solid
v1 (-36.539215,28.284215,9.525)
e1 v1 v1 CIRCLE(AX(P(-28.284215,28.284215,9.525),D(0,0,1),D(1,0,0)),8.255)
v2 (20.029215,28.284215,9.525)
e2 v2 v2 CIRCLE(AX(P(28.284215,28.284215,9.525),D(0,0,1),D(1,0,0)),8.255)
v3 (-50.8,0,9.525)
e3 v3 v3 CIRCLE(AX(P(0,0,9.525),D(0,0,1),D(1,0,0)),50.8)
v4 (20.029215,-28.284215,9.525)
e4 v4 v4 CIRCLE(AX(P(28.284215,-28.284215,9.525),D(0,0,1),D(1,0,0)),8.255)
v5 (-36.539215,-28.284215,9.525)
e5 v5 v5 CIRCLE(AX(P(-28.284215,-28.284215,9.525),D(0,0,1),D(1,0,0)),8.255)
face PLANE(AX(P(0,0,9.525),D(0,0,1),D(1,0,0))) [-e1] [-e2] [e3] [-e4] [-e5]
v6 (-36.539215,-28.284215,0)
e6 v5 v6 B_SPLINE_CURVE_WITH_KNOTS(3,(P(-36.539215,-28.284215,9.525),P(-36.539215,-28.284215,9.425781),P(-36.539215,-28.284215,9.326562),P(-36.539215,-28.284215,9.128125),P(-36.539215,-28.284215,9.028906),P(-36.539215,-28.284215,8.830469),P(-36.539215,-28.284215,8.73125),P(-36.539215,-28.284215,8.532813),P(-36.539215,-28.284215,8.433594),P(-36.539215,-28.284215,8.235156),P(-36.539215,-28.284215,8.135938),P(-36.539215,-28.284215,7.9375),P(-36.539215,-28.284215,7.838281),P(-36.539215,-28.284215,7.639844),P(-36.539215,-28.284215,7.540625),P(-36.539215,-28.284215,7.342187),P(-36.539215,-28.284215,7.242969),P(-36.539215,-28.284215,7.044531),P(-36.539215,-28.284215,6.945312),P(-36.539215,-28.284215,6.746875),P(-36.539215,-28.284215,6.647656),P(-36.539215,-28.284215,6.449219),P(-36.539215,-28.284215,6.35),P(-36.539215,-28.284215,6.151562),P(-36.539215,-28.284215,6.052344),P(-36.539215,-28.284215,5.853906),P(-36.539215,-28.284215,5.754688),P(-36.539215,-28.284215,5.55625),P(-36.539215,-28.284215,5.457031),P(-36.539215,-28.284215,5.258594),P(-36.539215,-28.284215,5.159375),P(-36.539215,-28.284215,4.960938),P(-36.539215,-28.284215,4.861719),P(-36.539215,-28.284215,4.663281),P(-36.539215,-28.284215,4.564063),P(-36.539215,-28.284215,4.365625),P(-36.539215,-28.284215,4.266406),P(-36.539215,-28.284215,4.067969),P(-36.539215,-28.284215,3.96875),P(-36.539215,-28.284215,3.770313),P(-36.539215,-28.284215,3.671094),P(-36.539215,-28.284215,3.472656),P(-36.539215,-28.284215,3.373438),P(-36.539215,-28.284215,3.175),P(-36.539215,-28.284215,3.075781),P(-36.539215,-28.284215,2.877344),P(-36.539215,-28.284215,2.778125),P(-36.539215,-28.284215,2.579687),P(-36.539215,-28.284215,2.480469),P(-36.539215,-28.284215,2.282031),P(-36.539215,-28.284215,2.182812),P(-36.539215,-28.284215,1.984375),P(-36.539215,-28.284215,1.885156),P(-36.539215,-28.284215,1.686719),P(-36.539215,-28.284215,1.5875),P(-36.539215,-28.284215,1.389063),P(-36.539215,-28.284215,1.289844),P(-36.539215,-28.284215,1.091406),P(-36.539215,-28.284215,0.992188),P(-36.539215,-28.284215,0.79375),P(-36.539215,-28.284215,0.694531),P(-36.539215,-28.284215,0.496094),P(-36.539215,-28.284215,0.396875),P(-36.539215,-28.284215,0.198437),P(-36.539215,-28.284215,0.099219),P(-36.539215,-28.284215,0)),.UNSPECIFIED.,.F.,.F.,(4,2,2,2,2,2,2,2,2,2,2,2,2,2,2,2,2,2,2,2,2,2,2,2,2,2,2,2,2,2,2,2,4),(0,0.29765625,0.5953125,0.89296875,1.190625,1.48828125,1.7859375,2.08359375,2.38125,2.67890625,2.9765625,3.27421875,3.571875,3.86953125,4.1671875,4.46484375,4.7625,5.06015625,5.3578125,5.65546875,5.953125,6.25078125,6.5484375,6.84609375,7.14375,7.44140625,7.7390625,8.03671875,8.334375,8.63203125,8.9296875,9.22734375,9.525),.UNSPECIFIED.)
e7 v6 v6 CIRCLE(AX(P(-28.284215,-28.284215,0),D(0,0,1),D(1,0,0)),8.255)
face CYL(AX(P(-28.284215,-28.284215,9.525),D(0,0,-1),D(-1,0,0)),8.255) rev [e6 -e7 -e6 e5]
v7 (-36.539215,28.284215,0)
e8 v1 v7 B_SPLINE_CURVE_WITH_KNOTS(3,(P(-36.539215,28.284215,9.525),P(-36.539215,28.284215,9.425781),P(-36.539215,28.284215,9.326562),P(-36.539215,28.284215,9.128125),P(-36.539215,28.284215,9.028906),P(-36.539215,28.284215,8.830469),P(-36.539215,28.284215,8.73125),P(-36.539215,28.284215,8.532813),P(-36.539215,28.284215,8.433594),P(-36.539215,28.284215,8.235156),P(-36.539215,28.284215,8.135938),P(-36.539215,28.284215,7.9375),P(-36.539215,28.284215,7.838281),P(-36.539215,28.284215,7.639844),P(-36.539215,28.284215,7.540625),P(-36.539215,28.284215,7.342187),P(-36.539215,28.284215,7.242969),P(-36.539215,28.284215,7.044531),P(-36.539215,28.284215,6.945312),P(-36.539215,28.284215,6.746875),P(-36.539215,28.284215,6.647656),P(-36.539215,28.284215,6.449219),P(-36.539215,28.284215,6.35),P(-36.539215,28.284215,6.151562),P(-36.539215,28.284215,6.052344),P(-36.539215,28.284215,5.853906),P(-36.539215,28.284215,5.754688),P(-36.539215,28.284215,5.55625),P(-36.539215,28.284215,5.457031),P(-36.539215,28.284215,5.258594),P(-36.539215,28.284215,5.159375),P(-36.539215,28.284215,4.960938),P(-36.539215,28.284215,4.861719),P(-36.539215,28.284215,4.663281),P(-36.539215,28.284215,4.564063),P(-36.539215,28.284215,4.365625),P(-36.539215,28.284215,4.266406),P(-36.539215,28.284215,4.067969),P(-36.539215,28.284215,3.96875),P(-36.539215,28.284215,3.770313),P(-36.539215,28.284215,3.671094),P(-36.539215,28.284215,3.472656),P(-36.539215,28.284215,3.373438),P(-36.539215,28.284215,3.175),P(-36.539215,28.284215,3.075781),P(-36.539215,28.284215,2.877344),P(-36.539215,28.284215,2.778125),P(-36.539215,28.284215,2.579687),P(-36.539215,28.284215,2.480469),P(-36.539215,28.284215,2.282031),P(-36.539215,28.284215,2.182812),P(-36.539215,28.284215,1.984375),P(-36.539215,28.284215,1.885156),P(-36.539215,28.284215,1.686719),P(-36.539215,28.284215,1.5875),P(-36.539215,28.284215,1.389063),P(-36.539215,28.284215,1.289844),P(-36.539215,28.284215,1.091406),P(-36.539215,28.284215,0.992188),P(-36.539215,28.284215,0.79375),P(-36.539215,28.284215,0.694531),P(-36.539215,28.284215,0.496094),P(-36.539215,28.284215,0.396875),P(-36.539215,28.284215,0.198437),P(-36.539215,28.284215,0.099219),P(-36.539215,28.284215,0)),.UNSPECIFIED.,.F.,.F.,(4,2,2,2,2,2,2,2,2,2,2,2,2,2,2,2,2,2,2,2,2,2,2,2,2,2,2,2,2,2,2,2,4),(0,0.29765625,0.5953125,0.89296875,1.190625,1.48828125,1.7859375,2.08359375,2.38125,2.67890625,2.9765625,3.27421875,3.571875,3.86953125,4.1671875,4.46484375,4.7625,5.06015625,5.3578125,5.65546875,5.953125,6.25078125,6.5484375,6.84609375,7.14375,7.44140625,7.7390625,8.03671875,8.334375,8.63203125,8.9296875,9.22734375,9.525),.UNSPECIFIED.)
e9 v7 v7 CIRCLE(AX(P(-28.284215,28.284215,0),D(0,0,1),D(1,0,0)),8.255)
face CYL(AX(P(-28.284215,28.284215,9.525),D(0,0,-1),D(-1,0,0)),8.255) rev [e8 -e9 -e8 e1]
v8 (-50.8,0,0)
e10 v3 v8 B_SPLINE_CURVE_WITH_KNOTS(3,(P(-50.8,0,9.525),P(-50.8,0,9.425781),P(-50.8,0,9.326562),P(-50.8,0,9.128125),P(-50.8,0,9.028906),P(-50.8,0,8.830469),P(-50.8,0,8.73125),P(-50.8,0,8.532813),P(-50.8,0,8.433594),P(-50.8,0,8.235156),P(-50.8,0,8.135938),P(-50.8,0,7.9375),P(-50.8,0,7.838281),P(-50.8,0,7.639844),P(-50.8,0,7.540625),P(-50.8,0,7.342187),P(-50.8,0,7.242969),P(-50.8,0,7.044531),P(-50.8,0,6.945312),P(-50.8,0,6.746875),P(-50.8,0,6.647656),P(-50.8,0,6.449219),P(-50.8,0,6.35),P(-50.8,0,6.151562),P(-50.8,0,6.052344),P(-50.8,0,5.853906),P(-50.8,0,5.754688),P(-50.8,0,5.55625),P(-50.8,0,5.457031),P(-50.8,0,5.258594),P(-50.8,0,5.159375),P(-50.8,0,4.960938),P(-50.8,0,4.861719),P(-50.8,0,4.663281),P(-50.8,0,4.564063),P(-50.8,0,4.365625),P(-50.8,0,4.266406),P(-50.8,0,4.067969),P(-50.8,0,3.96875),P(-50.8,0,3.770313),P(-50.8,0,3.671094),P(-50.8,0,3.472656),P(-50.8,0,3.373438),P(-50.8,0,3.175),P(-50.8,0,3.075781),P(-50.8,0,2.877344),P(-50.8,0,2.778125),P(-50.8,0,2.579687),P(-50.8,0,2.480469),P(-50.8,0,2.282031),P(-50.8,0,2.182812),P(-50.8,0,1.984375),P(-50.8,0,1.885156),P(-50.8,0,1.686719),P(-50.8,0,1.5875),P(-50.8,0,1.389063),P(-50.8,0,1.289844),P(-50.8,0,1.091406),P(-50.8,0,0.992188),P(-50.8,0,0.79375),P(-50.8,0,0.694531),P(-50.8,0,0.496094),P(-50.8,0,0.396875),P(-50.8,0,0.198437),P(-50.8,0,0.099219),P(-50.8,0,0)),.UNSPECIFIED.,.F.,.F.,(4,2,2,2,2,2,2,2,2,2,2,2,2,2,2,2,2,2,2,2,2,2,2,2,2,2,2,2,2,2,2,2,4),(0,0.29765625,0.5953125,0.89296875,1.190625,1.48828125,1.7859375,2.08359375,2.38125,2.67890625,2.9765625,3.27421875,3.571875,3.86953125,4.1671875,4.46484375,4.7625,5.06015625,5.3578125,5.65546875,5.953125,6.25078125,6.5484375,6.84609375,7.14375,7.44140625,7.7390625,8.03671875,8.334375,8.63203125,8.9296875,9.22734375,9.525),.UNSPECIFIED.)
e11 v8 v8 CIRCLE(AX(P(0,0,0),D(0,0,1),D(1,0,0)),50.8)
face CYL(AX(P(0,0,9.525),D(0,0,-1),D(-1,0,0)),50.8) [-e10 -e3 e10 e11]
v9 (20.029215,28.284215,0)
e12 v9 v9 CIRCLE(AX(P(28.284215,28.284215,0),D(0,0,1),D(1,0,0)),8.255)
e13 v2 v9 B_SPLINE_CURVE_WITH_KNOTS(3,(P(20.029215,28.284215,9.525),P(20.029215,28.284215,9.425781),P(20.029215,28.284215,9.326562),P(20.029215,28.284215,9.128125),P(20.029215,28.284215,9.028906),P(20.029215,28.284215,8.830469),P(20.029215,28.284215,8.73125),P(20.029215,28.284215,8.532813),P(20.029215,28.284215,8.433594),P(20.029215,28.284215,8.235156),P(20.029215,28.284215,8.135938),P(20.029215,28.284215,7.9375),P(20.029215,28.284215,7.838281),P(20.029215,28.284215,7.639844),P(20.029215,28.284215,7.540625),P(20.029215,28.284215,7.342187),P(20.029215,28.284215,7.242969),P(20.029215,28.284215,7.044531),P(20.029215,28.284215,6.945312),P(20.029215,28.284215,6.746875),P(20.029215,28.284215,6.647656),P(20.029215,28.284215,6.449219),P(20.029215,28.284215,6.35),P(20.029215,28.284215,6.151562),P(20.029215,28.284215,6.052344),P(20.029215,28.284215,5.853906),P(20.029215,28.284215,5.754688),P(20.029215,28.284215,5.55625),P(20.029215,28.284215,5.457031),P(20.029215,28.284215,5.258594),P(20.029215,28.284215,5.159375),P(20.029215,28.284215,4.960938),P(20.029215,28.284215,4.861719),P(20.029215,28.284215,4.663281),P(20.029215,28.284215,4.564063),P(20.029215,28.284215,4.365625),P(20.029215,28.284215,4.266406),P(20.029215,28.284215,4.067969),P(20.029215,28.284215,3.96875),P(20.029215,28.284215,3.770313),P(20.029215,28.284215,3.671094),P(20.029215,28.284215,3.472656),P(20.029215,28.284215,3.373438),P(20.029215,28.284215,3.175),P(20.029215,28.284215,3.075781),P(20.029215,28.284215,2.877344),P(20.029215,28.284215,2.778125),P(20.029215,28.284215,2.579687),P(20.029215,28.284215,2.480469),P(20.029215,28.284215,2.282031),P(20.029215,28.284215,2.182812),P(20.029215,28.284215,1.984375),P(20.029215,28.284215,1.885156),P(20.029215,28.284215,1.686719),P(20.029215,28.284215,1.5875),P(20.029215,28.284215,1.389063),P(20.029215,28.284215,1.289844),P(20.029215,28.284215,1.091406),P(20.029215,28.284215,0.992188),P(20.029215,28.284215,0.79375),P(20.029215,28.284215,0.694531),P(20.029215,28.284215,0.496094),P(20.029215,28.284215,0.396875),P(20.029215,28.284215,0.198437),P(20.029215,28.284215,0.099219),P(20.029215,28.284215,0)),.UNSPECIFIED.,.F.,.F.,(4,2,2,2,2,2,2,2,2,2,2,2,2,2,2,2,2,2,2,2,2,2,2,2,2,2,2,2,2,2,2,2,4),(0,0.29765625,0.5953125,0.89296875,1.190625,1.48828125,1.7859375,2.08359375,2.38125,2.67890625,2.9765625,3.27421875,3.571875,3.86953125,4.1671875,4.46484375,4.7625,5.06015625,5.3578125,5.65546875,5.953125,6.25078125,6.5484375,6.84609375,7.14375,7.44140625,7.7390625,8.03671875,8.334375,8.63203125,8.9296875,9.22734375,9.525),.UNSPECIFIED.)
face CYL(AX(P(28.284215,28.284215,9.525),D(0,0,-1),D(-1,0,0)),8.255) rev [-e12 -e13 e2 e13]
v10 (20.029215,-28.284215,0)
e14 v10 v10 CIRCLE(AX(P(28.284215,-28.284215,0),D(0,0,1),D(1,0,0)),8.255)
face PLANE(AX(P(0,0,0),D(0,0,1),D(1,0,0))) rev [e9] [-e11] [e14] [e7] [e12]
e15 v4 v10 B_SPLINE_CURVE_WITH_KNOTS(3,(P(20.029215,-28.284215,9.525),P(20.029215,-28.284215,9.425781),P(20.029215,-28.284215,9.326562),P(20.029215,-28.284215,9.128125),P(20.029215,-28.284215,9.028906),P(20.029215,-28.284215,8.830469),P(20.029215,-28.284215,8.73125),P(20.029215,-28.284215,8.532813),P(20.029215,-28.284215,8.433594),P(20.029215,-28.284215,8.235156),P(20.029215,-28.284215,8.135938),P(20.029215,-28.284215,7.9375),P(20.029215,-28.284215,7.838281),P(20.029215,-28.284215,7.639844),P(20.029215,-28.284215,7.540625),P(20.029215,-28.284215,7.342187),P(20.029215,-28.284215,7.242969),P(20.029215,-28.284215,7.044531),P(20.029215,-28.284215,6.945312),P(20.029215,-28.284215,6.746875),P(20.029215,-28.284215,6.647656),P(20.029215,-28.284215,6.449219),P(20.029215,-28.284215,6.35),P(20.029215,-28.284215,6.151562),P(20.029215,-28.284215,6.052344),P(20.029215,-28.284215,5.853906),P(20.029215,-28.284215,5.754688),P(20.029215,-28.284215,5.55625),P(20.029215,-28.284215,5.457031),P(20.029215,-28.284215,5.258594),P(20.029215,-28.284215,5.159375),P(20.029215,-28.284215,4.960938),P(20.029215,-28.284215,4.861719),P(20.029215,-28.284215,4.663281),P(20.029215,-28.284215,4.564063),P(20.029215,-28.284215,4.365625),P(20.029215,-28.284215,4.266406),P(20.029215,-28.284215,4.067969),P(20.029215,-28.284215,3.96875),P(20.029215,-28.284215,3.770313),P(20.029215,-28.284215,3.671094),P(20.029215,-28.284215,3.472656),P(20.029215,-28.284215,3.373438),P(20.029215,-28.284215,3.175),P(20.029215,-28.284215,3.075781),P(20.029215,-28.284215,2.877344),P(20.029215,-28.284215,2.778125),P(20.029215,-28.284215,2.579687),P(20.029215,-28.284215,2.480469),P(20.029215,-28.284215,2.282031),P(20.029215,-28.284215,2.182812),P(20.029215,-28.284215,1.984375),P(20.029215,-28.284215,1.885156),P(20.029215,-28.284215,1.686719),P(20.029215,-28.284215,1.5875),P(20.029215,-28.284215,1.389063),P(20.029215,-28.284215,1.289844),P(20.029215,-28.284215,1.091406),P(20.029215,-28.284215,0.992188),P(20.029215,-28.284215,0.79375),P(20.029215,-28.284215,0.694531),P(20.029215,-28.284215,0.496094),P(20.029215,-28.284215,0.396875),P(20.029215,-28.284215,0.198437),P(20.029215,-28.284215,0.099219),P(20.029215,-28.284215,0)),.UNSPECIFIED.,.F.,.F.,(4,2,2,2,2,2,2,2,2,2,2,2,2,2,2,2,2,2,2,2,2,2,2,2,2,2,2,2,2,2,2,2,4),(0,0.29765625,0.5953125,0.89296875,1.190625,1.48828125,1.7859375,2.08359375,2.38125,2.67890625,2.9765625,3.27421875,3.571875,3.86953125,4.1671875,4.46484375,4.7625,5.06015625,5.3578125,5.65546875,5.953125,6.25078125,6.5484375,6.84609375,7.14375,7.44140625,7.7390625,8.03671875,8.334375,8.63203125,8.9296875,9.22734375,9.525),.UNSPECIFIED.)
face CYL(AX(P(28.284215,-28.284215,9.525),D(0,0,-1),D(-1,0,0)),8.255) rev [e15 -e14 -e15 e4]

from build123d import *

# Parameters (mm, degrees)
SKETCH2_R           = 50.8
SKETCH2_R_2         = 8.255
BOSS_EXTRUDE2_DEPTH = 9.525


with BuildPart() as part:
    # Sketch2 → Boss-Extrude2 (new body)
    with BuildSketch(Plane.XY):
        with Locations(Location((0, 0, 0), (0, 0, 180))):
            Circle(SKETCH2_R)
        with Locations(Location((-28.284214679, 28.284214679, 0), (0, 0, 180))):
            Circle(SKETCH2_R_2, mode=Mode.SUBTRACT)
        with Locations(Location((28.284214679, 28.284214679, 0), (0, 0, 180))):
            Circle(SKETCH2_R_2, mode=Mode.SUBTRACT)
        with Locations(Location((28.284214679, -28.284214679, 0), (0, 0, 180))):
            Circle(SKETCH2_R_2, mode=Mode.SUBTRACT)
        with Locations(Location((-28.284214679, -28.284214679, 0), (0, 0, 180))):
            Circle(SKETCH2_R_2, mode=Mode.SUBTRACT)
    extrude(amount=BOSS_EXTRUDE2_DEPTH)


solid = part.part
